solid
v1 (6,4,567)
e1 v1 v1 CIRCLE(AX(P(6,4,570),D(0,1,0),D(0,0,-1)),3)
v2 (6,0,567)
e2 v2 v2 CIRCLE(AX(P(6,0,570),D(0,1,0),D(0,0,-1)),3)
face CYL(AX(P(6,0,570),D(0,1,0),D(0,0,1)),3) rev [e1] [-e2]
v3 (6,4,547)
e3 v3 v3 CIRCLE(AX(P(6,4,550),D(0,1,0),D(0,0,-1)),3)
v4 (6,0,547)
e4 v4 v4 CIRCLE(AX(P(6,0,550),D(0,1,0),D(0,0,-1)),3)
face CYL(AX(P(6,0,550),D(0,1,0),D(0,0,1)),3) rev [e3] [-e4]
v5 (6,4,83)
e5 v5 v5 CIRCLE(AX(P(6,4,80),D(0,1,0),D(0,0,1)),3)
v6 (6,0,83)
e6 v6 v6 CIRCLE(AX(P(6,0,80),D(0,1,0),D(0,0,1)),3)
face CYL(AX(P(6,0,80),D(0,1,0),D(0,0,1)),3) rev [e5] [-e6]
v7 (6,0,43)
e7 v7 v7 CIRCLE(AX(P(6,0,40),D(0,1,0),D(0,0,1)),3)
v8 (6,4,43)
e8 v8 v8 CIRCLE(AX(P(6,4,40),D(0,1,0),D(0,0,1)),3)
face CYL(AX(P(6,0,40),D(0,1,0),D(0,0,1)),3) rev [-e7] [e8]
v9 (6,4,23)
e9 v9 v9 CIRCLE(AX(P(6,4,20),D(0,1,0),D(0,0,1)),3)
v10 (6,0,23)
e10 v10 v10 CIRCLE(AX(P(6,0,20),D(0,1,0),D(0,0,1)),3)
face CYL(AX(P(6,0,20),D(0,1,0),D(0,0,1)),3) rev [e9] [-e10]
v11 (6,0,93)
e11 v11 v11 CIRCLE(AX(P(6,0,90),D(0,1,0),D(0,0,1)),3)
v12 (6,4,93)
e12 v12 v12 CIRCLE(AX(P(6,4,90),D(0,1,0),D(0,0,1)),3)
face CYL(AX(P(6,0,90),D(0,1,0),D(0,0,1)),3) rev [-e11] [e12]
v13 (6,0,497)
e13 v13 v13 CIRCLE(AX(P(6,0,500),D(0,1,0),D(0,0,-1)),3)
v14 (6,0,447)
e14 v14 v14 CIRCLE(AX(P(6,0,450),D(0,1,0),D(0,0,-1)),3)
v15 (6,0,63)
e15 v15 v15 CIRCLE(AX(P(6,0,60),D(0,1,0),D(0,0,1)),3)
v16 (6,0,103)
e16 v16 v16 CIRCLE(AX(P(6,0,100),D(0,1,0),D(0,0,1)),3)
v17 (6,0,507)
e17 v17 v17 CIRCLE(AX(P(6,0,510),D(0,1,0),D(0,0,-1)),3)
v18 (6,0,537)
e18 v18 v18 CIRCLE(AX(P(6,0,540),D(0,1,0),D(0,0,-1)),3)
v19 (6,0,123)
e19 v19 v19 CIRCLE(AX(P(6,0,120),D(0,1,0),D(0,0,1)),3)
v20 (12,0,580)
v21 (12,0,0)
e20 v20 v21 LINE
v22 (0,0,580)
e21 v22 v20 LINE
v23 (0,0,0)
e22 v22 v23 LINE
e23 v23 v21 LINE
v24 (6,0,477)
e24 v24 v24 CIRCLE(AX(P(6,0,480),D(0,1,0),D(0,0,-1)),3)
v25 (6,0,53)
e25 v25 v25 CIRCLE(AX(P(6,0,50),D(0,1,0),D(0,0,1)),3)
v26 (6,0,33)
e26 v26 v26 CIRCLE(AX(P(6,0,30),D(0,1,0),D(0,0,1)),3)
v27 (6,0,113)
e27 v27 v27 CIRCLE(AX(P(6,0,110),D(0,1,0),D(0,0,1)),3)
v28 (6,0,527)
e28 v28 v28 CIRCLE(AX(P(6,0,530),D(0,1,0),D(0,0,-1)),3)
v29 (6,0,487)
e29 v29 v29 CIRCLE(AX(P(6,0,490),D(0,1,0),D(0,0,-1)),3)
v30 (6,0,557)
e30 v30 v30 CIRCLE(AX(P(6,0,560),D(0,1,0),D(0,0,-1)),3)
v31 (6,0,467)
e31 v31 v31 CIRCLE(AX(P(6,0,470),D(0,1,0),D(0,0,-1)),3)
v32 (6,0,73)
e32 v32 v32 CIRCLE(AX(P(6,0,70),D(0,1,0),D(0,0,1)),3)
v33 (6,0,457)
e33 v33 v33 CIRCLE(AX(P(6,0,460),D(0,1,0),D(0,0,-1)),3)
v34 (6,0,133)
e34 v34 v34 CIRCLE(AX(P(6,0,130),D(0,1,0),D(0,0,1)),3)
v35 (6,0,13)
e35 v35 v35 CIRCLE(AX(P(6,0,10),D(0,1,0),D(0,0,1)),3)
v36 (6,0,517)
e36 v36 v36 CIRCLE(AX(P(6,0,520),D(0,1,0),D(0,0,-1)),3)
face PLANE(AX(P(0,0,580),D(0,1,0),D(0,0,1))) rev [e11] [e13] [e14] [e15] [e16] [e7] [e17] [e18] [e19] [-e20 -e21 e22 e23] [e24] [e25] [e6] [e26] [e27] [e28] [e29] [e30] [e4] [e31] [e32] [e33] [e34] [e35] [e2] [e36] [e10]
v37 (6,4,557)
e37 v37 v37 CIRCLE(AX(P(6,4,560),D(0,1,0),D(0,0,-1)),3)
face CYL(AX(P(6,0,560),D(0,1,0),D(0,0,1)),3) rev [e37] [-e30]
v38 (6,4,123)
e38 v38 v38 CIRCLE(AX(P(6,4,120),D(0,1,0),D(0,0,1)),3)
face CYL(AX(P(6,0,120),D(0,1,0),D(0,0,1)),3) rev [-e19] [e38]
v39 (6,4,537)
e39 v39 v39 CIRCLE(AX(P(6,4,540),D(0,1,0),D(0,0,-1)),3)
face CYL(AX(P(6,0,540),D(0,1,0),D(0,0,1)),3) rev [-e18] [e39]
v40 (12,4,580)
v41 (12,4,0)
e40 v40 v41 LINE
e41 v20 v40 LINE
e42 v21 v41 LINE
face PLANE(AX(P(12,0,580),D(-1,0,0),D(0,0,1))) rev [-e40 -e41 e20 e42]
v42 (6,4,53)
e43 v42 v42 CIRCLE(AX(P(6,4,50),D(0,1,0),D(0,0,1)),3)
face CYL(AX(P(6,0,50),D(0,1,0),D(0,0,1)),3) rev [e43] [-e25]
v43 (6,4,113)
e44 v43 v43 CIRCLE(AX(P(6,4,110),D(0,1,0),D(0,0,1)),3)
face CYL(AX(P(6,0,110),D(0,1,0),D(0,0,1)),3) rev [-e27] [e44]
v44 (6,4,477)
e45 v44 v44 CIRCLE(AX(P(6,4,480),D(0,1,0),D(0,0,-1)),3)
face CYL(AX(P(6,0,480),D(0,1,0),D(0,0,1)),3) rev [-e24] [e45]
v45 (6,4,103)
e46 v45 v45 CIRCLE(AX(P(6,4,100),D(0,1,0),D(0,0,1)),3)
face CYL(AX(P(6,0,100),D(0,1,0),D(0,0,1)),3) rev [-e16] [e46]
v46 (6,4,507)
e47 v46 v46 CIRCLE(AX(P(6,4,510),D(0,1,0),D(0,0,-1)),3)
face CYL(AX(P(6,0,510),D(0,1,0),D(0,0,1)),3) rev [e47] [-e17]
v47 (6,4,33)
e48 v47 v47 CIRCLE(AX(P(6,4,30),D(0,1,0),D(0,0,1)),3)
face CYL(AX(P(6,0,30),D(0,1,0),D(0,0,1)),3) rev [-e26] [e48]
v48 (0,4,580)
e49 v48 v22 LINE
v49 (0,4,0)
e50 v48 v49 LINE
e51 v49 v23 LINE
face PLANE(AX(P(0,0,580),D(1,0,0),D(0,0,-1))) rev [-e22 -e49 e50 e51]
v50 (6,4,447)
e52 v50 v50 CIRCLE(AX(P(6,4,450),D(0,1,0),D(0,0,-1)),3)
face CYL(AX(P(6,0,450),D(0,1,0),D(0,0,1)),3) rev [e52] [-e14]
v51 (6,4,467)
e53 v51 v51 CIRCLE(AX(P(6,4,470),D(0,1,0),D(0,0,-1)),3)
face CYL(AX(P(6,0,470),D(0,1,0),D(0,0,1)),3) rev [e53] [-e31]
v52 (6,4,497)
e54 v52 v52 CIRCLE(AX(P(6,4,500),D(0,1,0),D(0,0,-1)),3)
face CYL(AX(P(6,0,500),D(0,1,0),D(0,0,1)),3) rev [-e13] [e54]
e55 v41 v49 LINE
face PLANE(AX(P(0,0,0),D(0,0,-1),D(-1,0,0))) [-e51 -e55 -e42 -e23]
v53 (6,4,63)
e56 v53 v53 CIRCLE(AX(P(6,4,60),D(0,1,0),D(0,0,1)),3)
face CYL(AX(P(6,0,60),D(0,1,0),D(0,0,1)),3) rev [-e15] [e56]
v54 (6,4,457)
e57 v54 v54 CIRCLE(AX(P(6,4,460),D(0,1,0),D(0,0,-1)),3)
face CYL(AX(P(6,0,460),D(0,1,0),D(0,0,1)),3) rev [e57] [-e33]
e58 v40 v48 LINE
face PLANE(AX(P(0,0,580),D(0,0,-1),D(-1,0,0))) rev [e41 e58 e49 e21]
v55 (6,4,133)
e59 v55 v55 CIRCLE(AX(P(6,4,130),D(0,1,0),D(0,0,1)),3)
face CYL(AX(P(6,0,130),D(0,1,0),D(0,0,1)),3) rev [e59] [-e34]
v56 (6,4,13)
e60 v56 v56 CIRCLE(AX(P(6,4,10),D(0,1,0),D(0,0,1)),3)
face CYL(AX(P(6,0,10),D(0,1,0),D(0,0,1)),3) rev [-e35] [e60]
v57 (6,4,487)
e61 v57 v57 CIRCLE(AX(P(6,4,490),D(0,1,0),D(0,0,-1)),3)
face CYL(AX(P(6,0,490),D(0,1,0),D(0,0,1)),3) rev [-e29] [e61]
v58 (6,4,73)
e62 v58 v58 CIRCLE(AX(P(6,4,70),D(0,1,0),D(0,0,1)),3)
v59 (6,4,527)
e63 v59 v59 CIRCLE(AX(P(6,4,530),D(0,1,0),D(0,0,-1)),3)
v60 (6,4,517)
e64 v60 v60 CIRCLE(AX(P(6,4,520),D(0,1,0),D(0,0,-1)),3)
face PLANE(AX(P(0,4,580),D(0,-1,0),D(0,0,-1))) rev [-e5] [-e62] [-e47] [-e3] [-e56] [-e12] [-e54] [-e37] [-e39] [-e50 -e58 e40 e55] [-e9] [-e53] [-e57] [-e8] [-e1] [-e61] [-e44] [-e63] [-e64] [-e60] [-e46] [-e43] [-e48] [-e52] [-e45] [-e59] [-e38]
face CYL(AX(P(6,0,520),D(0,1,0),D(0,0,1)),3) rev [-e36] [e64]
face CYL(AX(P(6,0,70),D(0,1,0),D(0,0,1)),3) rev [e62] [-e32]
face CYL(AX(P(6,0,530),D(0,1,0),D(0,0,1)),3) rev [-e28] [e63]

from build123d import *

# Parameters (mm, degrees)
SKIZZE1_W                       = 12
SKIZZE1_H                       = 4
AUFSATZ_LINEAR_AUSTRAGEN1_DEPTH = 580
SKIZZE2_R                       = 3
SCHNITT_LINEAR_AUSTRAGEN1_DEPTH = 581.137914638


with BuildPart() as part:
    # Skizze1 → Aufsatz-Linear austragen1 (new body)
    with BuildSketch(Plane.XY):
        with Locations((6, 2)):
            Rectangle(SKIZZE1_W, SKIZZE1_H)
    extrude(amount=AUFSATZ_LINEAR_AUSTRAGEN1_DEPTH)

    # Skizze2 → Schnitt-Linear austragen1 (cut, through all)
    with BuildSketch(Plane(origin=(0, 4, 0), x_dir=(1, 0, 0), z_dir=(0, 1, 0))):
        with Locations(Location((6, -10, 0), (0, 0, 270))):
            Circle(SKIZZE2_R)
        with Locations(Location((6, -20, 0), (0, 0, 270))):
            Circle(SKIZZE2_R)
        with Locations(Location((6, -30, 0), (0, 0, 270))):
            Circle(SKIZZE2_R)
        with Locations(Location((6, -40, 0), (0, 0, 270))):
            Circle(SKIZZE2_R)
        with Locations(Location((6, -50, 0), (0, 0, 270))):
            Circle(SKIZZE2_R)
        with Locations(Location((6, -60, 0), (0, 0, 270))):
            Circle(SKIZZE2_R)
        with Locations(Location((6, -70, 0), (0, 0, 270))):
            Circle(SKIZZE2_R)
        with Locations(Location((6, -80, 0), (0, 0, 270))):
            Circle(SKIZZE2_R)
        with Locations(Location((6, -90, 0), (0, 0, 270))):
            Circle(SKIZZE2_R)
        with Locations(Location((6, -100, 0), (0, 0, 270))):
            Circle(SKIZZE2_R)
        with Locations(Location((6, -110, 0), (0, 0, 270))):
            Circle(SKIZZE2_R)
        with Locations(Location((6, -120, 0), (0, 0, 270))):
            Circle(SKIZZE2_R)
        with Locations(Location((6, -130, 0), (0, 0, 270))):
            Circle(SKIZZE2_R)
        with Locations(Location((6, -450, 0), (0, 0, 90))):
            Circle(SKIZZE2_R)
        with Locations(Location((6, -460, 0), (0, 0, 90))):
            Circle(SKIZZE2_R)
        with Locations(Location((6, -470, 0), (0, 0, 90))):
            Circle(SKIZZE2_R)
        with Locations(Location((6, -480, 0), (0, 0, 90))):
            Circle(SKIZZE2_R)
        with Locations(Location((6, -490, 0), (0, 0, 90))):
            Circle(SKIZZE2_R)
        with Locations(Location((6, -500, 0), (0, 0, 90))):
            Circle(SKIZZE2_R)
        with Locations(Location((6, -510, 0), (0, 0, 90))):
            Circle(SKIZZE2_R)
        with Locations(Location((6, -520, 0), (0, 0, 90))):
            Circle(SKIZZE2_R)
        with Locations(Location((6, -530, 0), (0, 0, 90))):
            Circle(SKIZZE2_R)
        with Locations(Location((6, -540, 0), (0, 0, 90))):
            Circle(SKIZZE2_R)
        with Locations(Location((6, -550, 0), (0, 0, 90))):
            Circle(SKIZZE2_R)
        with Locations(Location((6, -560, 0), (0, 0, 90))):
            Circle(SKIZZE2_R)
        with Locations(Location((6, -570, 0), (0, 0, 90))):
            Circle(SKIZZE2_R)
    extrude(amount=-SCHNITT_LINEAR_AUSTRAGEN1_DEPTH, mode=Mode.SUBTRACT)


solid = part.part
